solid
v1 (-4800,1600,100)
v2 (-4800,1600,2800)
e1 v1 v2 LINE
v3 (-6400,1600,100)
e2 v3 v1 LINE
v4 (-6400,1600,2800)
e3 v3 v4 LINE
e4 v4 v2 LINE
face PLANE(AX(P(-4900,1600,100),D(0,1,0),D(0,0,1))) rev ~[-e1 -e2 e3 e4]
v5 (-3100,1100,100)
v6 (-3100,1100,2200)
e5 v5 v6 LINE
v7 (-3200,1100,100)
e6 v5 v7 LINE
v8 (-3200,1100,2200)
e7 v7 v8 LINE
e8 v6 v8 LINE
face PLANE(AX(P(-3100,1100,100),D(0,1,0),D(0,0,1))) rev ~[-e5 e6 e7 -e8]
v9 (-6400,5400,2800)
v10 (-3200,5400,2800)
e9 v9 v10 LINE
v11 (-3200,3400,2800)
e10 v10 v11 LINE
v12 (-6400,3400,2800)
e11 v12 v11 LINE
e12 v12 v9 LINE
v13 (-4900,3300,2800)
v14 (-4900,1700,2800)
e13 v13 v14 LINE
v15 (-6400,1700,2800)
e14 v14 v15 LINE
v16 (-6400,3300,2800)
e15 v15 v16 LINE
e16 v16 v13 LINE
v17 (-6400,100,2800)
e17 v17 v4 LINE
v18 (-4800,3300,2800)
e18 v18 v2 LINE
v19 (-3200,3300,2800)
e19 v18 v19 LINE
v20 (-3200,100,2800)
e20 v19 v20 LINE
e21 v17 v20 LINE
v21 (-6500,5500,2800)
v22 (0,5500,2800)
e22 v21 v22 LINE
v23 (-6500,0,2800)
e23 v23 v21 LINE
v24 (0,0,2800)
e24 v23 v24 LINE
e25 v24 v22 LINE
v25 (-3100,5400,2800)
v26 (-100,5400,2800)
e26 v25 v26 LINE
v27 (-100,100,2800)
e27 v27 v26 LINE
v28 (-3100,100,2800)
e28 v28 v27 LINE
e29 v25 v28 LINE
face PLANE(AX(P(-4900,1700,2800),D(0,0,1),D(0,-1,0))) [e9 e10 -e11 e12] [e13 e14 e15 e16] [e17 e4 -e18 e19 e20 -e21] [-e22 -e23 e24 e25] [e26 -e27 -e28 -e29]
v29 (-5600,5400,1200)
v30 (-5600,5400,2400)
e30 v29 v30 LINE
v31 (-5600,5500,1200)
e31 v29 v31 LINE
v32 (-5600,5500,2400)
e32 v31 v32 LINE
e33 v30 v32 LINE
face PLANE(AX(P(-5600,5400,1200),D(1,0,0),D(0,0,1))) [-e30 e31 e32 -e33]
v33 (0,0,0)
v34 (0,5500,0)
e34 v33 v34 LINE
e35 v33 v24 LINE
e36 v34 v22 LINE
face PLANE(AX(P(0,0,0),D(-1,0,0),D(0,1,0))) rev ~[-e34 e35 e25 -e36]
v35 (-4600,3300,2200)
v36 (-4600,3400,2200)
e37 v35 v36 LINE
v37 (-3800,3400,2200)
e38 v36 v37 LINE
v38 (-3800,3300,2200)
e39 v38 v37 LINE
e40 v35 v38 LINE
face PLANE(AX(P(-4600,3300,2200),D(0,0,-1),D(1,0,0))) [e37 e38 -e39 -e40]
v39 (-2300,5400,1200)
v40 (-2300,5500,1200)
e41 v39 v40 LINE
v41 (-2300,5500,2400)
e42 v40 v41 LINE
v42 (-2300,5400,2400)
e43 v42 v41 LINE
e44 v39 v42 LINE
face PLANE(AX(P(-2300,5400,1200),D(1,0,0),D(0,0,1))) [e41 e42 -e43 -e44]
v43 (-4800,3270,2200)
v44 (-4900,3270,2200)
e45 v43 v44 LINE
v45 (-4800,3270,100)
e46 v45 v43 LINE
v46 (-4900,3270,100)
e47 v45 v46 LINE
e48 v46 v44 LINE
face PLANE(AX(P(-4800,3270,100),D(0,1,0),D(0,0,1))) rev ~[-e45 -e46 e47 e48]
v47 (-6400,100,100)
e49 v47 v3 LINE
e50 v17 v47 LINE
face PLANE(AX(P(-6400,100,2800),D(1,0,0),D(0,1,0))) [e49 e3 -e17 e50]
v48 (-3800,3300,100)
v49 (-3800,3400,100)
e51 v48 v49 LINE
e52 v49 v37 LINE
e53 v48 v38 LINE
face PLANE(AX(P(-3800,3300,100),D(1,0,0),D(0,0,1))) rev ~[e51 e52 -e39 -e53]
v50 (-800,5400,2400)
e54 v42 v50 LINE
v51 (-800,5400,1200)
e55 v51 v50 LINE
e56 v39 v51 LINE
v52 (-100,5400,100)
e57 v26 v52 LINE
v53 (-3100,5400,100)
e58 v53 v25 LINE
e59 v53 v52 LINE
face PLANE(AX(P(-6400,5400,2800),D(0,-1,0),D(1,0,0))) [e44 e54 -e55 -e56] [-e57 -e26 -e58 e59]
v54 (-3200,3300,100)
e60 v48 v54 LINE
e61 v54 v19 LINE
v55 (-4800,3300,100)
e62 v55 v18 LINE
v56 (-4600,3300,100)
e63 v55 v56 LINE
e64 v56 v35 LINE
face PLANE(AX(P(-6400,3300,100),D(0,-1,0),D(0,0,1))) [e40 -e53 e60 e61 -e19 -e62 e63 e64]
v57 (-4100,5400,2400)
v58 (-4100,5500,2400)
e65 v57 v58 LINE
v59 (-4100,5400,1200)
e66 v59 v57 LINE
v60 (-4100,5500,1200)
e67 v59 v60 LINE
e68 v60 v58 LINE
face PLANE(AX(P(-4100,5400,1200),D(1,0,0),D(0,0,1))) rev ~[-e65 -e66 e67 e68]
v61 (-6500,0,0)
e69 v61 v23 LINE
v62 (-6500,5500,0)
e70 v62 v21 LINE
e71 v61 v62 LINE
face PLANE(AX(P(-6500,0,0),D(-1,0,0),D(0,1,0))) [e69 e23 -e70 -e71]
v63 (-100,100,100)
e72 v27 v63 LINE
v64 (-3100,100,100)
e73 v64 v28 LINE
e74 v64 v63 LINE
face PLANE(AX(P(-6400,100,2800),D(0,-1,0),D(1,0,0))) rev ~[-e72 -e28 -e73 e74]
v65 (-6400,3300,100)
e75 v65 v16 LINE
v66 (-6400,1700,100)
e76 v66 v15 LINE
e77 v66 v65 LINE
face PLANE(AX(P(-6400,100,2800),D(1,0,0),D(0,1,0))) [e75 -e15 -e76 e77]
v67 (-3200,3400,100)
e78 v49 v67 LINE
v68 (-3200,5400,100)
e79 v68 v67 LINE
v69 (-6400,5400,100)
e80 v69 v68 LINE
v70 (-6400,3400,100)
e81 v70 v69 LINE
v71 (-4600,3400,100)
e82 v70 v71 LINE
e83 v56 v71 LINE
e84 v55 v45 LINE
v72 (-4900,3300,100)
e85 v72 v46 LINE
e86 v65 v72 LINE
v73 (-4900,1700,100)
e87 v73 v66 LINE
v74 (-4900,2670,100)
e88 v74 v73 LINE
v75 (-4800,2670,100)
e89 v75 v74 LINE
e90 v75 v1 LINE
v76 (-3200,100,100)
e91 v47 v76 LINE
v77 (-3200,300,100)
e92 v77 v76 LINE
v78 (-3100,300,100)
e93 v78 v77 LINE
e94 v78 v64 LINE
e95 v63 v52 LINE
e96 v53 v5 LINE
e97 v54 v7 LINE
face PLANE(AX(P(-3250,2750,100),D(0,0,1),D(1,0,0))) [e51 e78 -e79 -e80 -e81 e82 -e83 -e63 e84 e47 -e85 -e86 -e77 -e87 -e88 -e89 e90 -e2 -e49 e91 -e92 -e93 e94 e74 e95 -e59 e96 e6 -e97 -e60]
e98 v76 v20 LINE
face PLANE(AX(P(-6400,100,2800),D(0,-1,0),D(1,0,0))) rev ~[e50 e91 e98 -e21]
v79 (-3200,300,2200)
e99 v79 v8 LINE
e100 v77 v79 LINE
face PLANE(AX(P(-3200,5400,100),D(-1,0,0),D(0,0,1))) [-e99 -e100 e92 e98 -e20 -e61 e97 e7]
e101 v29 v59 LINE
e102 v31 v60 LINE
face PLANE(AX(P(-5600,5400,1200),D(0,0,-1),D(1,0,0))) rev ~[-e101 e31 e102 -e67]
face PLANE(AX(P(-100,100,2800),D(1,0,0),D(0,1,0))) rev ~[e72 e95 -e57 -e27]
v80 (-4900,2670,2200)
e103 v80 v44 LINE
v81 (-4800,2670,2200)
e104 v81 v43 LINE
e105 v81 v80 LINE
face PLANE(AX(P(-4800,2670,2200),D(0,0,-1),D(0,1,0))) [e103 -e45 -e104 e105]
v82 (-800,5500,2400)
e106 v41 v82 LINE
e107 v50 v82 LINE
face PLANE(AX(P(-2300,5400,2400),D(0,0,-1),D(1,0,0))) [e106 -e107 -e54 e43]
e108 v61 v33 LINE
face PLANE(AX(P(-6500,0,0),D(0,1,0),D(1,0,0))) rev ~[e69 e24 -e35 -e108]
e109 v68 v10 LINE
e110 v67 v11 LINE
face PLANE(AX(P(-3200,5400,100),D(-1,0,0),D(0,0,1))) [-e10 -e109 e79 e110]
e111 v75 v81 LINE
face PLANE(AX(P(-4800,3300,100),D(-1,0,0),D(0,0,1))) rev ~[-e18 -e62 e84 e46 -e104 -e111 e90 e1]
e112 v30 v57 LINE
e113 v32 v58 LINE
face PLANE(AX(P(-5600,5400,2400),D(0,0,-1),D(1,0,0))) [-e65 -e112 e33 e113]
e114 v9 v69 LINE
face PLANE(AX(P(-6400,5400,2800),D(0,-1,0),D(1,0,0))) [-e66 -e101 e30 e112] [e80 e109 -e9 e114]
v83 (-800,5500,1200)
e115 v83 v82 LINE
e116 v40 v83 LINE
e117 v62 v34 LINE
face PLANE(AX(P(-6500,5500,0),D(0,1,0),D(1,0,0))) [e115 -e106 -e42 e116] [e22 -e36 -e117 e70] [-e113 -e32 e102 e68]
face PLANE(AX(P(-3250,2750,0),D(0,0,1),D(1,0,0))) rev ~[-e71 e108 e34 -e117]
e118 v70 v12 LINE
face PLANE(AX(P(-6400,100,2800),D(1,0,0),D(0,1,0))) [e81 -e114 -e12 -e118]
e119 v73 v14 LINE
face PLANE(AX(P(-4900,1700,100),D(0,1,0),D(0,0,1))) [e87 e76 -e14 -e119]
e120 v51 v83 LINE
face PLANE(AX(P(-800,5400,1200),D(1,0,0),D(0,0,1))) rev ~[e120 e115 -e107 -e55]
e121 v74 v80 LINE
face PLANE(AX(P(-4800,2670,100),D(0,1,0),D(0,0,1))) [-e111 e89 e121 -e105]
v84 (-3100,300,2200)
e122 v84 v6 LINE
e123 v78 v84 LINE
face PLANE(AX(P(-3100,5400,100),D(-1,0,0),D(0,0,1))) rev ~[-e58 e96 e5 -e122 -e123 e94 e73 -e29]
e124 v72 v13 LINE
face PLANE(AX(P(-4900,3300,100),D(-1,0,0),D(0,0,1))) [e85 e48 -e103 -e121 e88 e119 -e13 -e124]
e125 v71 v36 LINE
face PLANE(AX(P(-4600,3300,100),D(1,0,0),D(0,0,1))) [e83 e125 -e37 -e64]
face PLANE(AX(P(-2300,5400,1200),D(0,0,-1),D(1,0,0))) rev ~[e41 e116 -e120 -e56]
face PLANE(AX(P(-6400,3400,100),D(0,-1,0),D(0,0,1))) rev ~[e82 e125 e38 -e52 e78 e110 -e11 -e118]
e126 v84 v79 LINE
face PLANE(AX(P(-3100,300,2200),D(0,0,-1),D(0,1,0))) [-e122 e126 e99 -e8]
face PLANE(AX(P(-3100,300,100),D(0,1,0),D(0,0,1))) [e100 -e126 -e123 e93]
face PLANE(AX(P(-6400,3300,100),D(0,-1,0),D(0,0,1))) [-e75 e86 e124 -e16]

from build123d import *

# Parameters (mm, degrees)
F0_W      = 6500
F0_H      = 5500
F1_DEPTH  = 2800
F2_W      = 6300
F2_H      = 5300
F3_DEPTH  = 2700
F4_W      = 100
F4_H      = 2700
F5_DEPTH  = 5300
F6_W      = 800
F6_H      = 2100
F7_DEPTH  = 100
F8_W      = 100
F8_H      = 2700
F9_DEPTH  = 3200
F10_W     = 800
F10_H     = 2100
F11_DEPTH = 100
F12_W     = 100
F12_H     = 2700
F13_DEPTH = 1700
F14_W     = 100
F14_H     = 2700
F15_DEPTH = 1500
F16_W     = 1500
F16_H     = 1200
F17_DEPTH = 100
F18_W     = 1500
F18_H     = 1200
F19_DEPTH = 100
F20_W     = 600
F20_H     = 2100
F21_DEPTH = 100


with BuildPart() as f1:
    # F0 (on Top) → F1 (new body)
    with BuildSketch(Plane.XY):
        with Locations((-3250, 2750)):
            Rectangle(F0_W, F0_H)
    extrude(amount=F1_DEPTH)

    # F2 (on face) → F3 (cut)
    with BuildSketch(Plane.XY.offset(2800)):
        with Locations((-3250, 2750)):
            Rectangle(F2_W, F2_H)
    extrude(amount=-F3_DEPTH, mode=Mode.SUBTRACT)

    # F4 (on face) → F5 (join, through all)
    with BuildSketch(Plane.XZ.offset(-5400)):
        with Locations((-3150, 1450)):
            Rectangle(F4_W, F4_H)
    extrude(amount=F5_DEPTH)

    # F6 (on face) → F7 (cut, through all)
    with BuildSketch(Plane.YZ.offset(-3100)):
        with Locations((700, 1150)):
            Rectangle(F6_W, F6_H)
    extrude(amount=-F7_DEPTH, mode=Mode.SUBTRACT)

    # F8 (on face) → F9 (join, through all)
    with BuildSketch(Plane.YZ.offset(-6400)):
        with Locations((3350, 1450)):
            Rectangle(F8_W, F8_H)
    extrude(amount=F9_DEPTH)

    # F10 (on face) → F11 (cut, through all)
    with BuildSketch(Plane.XZ.offset(-3300)):
        with Locations((-4200, 1150)):
            Rectangle(F10_W, F10_H)
    extrude(amount=-F11_DEPTH, mode=Mode.SUBTRACT)

    # F12 (on face) → F13 (join)
    with BuildSketch(Plane.XZ.offset(-3300)):
        with Locations((-4850, 1450)):
            Rectangle(F12_W, F12_H)
    extrude(amount=F13_DEPTH)

    # F14 (on face) → F15 (join, through all)
    with BuildSketch(Plane(origin=(-4900, 0, 0), x_dir=(0, -1, 0), z_dir=(-1, 0, 0))):
        with Locations((-1650, 1450)):
            Rectangle(F14_W, F14_H)
    extrude(amount=F15_DEPTH)

    # F16 (on face) → F17 (cut, through all)
    with BuildSketch(Plane.XZ.offset(-5400)):
        with Locations((-1550, 1800)):
            Rectangle(F16_W, F16_H)
    extrude(amount=-F17_DEPTH, mode=Mode.SUBTRACT)

    # F18 (on face) → F19 (cut, through all)
    with BuildSketch(Plane.XZ.offset(-5400)):
        with Locations((-4850, 1800)):
            Rectangle(F18_W, F18_H)
    extrude(amount=-F19_DEPTH, mode=Mode.SUBTRACT)

    # F20 (on face) → F21 (cut, through all)
    with BuildSketch(Plane.YZ.offset(-4800)):
        with Locations((2970, 1150)):
            Rectangle(F20_W, F20_H)
    extrude(amount=-F21_DEPTH, mode=Mode.SUBTRACT)


solid = f1.part
